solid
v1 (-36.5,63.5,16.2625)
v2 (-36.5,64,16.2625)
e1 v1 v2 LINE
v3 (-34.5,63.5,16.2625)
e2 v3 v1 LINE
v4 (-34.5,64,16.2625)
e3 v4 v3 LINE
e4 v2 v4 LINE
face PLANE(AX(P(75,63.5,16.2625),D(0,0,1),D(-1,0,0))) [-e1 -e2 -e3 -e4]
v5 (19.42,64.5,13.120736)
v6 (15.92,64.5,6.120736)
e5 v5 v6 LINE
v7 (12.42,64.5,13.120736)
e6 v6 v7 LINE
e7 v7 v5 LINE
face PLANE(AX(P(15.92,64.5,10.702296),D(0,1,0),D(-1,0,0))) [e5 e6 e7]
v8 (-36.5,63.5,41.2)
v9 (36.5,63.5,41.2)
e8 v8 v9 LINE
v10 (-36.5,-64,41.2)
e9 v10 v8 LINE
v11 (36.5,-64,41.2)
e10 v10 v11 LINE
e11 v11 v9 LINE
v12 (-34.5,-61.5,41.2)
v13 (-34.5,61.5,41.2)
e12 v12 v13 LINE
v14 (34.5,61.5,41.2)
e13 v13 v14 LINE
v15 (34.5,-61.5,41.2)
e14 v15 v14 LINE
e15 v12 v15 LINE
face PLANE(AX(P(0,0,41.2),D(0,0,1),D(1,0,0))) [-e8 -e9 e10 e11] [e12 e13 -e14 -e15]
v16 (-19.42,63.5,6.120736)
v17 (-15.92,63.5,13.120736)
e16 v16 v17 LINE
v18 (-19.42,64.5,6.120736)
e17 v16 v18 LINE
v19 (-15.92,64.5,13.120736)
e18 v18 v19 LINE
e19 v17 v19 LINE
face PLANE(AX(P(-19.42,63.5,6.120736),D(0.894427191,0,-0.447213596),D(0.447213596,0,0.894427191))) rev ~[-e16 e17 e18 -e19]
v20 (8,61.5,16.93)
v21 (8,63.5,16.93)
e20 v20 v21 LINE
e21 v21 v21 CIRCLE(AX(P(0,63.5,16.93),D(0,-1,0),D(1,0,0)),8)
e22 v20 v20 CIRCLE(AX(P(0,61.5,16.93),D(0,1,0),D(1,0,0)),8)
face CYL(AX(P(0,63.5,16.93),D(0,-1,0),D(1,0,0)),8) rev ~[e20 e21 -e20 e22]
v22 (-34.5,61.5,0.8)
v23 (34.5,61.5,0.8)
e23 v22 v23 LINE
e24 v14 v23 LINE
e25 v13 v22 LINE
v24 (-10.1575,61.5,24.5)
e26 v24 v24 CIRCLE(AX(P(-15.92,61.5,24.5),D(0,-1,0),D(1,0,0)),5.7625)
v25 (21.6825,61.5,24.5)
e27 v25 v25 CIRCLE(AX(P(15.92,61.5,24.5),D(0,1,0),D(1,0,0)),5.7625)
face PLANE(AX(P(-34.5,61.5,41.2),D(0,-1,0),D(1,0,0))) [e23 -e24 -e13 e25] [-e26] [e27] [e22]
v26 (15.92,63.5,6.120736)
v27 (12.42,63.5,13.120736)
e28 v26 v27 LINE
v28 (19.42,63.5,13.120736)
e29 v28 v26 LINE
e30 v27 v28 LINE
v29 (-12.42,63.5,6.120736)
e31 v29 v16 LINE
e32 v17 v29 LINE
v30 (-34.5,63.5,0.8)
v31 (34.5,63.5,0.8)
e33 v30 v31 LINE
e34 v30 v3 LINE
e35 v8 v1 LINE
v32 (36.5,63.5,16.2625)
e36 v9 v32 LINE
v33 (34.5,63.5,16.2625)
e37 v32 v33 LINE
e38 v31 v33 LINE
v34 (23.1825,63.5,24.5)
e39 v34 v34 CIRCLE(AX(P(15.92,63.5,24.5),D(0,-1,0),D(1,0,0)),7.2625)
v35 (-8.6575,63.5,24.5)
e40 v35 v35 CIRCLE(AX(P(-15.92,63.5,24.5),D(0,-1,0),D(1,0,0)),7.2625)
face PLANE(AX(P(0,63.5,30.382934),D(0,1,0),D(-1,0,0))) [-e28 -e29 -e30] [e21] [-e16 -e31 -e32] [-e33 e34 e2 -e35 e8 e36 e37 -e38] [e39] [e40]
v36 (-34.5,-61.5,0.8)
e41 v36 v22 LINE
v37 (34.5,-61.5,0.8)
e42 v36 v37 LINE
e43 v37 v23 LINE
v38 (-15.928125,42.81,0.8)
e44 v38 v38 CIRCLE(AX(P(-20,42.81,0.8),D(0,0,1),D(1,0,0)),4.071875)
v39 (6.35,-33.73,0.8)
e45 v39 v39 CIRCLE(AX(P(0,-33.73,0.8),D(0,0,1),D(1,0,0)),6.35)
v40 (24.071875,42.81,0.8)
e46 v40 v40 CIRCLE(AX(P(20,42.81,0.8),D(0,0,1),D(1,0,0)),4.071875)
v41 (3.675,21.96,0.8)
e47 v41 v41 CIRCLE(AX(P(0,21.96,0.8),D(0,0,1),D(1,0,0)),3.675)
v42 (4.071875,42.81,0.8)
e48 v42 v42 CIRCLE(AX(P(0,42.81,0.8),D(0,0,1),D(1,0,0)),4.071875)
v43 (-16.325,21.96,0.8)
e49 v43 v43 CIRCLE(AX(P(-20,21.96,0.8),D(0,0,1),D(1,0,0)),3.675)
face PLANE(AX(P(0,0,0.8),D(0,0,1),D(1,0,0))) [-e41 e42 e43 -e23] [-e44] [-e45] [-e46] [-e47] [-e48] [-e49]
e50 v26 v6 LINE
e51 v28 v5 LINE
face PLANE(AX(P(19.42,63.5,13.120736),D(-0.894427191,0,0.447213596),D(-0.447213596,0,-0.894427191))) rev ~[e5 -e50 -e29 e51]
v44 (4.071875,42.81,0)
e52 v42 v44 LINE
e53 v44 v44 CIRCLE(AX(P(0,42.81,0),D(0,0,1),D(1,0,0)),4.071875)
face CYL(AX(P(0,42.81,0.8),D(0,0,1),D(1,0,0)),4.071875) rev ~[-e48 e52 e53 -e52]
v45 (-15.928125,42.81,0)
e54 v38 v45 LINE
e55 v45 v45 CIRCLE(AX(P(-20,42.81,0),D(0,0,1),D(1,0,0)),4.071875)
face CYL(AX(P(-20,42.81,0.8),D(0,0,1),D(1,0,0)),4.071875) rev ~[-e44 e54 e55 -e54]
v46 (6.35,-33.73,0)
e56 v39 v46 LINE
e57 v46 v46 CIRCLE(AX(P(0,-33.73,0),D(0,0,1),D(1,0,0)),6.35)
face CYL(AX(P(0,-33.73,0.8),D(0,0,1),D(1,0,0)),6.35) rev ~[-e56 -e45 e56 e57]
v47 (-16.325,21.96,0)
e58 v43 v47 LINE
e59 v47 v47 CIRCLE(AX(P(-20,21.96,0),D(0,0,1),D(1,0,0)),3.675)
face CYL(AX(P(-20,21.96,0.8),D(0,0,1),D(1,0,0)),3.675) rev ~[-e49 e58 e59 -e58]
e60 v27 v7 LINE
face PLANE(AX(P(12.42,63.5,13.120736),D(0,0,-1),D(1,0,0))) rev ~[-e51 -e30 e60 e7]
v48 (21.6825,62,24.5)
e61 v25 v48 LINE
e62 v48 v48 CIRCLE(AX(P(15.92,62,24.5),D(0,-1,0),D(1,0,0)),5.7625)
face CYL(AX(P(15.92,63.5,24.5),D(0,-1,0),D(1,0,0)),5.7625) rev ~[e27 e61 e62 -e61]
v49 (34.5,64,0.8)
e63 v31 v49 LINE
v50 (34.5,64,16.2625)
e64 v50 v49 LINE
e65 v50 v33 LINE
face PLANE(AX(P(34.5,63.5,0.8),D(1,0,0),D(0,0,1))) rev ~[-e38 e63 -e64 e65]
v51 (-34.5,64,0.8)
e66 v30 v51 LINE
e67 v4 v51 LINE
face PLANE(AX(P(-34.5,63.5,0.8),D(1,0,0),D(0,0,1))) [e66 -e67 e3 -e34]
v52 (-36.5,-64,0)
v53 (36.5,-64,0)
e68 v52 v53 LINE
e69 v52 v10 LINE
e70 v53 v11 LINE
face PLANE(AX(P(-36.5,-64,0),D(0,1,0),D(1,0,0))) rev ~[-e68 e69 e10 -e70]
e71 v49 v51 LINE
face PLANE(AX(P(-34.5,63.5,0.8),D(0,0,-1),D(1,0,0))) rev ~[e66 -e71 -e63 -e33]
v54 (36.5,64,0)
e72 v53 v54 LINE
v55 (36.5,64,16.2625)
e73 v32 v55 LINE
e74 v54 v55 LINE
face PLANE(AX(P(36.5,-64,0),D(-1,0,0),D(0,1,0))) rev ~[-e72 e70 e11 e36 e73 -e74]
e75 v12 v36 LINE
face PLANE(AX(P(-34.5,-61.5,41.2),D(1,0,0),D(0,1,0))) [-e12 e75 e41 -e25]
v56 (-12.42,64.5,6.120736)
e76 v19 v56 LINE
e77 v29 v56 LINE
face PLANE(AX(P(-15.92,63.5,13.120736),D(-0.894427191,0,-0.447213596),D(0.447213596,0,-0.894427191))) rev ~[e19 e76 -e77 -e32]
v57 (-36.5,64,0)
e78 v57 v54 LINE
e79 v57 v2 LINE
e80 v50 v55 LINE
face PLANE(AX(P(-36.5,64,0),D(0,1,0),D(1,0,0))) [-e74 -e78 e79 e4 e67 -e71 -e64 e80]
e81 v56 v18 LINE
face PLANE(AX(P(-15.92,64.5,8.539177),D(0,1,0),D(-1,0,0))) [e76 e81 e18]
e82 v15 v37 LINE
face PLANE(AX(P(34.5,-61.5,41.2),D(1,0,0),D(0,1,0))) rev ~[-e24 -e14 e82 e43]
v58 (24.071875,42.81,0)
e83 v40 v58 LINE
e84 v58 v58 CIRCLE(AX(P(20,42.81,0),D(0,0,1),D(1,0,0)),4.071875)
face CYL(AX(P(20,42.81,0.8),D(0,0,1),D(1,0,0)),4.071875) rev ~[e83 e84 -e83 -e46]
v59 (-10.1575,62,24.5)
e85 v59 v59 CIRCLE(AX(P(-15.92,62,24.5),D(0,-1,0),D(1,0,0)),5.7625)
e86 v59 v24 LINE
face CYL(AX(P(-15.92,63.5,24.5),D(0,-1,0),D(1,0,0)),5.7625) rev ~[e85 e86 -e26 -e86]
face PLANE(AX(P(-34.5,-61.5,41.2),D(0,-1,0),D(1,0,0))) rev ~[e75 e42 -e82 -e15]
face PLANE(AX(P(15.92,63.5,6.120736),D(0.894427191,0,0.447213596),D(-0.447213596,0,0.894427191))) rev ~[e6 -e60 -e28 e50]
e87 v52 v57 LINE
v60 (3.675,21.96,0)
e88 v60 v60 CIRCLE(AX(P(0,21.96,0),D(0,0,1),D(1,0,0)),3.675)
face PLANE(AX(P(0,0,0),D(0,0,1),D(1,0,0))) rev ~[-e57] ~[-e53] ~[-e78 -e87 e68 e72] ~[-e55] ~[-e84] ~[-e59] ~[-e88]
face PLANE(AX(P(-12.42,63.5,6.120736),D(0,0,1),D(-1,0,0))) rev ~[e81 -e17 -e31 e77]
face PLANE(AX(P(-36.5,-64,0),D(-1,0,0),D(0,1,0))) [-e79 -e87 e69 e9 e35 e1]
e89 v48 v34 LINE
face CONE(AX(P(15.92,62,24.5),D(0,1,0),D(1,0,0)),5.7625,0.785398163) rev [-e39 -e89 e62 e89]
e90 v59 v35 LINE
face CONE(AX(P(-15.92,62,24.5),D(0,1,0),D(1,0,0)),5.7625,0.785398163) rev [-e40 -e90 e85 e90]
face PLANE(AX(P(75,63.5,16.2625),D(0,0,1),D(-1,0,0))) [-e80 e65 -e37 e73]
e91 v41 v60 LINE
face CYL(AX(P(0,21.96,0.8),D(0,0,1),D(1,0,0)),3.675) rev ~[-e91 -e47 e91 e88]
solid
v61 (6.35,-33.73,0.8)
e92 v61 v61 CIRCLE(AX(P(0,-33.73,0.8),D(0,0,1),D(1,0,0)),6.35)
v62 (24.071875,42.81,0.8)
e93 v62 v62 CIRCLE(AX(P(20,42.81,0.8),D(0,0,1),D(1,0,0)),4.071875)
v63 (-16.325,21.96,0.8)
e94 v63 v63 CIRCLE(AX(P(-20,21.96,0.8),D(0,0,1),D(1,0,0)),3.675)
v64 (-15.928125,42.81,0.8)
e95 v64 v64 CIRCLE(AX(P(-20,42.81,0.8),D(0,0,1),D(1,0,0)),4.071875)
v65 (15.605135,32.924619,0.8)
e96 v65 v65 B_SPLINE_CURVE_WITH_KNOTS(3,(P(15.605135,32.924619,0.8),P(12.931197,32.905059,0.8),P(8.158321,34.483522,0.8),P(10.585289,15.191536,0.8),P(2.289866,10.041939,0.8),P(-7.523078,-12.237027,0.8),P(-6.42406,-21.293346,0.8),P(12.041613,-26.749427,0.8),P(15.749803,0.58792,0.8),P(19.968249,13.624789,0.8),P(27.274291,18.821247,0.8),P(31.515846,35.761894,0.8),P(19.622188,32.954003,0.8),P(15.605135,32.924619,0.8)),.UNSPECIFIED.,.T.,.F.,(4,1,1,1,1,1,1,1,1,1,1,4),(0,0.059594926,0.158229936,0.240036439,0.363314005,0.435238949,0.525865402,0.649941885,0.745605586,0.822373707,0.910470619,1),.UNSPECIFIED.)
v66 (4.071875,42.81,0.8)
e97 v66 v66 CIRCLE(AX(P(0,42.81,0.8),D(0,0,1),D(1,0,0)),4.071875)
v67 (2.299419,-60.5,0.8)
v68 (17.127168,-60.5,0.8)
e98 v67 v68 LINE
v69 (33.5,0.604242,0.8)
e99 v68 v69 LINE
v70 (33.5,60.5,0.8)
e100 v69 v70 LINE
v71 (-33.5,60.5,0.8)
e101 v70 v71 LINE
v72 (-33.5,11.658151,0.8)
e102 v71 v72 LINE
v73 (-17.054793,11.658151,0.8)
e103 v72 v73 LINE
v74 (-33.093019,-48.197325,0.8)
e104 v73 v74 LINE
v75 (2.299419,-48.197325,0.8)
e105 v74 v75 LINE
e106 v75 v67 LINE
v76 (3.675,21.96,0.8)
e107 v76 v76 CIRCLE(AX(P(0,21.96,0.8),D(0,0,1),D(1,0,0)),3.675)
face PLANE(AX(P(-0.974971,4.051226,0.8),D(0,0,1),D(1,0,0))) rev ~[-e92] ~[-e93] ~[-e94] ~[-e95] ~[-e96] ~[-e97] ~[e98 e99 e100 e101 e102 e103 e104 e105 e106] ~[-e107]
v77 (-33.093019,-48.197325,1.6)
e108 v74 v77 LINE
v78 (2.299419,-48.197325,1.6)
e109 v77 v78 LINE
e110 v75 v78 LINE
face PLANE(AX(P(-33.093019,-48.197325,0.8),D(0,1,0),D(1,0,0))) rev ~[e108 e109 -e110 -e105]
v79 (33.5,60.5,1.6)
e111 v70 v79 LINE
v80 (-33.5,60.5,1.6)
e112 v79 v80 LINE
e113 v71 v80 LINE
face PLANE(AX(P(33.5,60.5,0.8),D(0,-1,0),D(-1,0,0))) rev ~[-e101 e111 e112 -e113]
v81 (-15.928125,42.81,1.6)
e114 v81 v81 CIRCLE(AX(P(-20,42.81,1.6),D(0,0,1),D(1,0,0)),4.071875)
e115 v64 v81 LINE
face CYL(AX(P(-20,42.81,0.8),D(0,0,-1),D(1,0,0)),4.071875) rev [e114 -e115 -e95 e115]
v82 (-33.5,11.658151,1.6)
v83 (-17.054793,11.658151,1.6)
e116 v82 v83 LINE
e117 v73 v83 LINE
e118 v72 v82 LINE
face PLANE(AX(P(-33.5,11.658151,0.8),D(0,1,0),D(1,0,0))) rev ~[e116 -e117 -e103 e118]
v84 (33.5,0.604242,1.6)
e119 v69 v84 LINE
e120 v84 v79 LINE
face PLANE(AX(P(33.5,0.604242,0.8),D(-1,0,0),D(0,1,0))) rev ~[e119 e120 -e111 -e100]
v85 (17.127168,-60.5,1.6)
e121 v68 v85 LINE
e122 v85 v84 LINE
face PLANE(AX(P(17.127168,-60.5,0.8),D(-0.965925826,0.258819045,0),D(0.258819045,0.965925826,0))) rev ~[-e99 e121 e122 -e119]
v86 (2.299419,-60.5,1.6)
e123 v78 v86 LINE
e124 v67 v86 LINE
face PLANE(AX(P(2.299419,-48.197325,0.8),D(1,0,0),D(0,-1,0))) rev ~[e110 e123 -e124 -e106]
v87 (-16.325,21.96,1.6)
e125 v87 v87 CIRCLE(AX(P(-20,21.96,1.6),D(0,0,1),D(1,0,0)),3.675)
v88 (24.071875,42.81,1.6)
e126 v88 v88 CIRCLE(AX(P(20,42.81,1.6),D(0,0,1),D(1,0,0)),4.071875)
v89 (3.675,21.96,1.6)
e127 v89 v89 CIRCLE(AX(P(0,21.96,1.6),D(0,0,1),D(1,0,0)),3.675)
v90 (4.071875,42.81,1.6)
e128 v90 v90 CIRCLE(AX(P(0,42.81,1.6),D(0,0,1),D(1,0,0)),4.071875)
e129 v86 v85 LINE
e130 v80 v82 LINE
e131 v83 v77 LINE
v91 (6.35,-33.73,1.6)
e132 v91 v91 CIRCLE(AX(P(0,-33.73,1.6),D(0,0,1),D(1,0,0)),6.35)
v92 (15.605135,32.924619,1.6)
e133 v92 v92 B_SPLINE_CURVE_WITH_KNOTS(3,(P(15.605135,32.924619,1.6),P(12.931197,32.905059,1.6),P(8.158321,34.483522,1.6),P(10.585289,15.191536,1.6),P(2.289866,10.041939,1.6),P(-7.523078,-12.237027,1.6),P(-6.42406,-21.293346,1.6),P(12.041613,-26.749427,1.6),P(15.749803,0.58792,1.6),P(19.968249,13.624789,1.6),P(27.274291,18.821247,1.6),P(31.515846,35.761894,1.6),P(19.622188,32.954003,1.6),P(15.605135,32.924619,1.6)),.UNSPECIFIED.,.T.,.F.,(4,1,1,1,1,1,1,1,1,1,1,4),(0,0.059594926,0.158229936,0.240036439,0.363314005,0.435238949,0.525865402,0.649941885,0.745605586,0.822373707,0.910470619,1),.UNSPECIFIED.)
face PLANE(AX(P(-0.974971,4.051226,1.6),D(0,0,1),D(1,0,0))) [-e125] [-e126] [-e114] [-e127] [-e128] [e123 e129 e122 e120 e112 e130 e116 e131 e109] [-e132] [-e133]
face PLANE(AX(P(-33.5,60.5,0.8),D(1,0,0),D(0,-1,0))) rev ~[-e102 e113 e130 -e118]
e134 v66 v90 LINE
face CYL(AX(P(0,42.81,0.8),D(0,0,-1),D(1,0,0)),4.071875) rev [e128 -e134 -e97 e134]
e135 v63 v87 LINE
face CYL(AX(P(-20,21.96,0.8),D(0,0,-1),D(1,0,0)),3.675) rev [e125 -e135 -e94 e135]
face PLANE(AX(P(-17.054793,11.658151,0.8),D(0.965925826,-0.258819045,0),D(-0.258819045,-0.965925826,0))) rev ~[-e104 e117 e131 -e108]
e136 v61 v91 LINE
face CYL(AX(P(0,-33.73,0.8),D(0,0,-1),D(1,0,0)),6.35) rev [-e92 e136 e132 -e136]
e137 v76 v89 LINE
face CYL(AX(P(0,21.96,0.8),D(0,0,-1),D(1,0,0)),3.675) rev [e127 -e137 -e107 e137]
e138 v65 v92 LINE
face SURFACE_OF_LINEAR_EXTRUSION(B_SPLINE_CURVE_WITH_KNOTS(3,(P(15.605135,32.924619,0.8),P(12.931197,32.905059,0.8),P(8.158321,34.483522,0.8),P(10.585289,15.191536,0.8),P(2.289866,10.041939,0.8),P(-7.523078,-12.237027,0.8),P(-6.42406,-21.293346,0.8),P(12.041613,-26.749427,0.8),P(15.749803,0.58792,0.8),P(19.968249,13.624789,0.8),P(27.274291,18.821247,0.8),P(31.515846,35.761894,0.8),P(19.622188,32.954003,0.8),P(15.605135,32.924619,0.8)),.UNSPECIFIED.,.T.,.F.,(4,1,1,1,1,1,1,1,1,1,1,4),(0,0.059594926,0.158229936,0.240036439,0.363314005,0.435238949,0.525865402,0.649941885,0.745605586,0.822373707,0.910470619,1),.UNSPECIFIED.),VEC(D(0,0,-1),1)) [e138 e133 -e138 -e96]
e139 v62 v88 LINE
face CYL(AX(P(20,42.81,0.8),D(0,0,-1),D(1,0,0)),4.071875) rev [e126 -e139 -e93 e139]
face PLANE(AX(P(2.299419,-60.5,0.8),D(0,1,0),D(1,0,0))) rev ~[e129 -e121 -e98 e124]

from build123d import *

# Parameters (mm, degrees)
F0_W          = 73
F0_H          = 128
F1_DEPTH      = 41.2
F5_W          = 69
F5_H          = 123
F6_DEPTH      = 40.4
F6_DEPTH_BACK = 25
F7_R          = 4.071875
F7_R_2        = 6.35
F7_R_3        = 3.675
F8_DEPTH      = 25
F10_R         = 8
F10_R_2       = 5.7625
F11_DEPTH     = 15
F12_W         = 69
F12_H         = 42.2
F13_DEPTH     = 25
F14_W         = 150
F14_H         = 28.2408671558
F15_DEPTH     = 15
F16_SIZE      = 1.5
F18_DEPTH     = 1
F19_R         = 6.35
F19_R_2       = 3.675
F19_R_3       = 4.071875
F20_DEPTH     = 0.8
F22_W         = 123.770698905
F22_H         = 146.9892412424
F23_DEPTH     = 25


with BuildPart() as f1:
    # F0 (on Top) → F1 (new body)
    with BuildSketch(Plane.XY):
        Rectangle(F0_W, F0_H)
    extrude(amount=F1_DEPTH)

    # F5 (on offset) → F6 (cut, two sides)
    with BuildSketch(Plane.XY.offset(41.2)) as f6_sk:
        Rectangle(F5_W, F5_H)
    extrude(amount=-F6_DEPTH, mode=Mode.SUBTRACT)
    extrude(f6_sk.sketch, amount=F6_DEPTH_BACK, mode=Mode.SUBTRACT)

    # F7 (on face) → F8 (cut)
    with BuildSketch(Plane.XY.offset(0.8)):
        with Locations((-20, 42.81)):
            Circle(F7_R)
        with Locations((0, 42.81)):
            Circle(F7_R)
        with Locations((20, 42.81)):
            Circle(F7_R)
        with Locations((0, -33.73)):
            Circle(F7_R_2)
        with Locations((0, 21.96)):
            Circle(F7_R_3)
        with Locations((-20, 21.96)):
            Circle(F7_R_3)
    extrude(amount=-F8_DEPTH, mode=Mode.SUBTRACT)

    # F10 (on offset) → F11 (cut, symmetric)
    with BuildSketch(Plane.XZ.offset(-63.5)):
        with Locations((0, 16.93)):
            Circle(F10_R)
        with Locations((15.92, 24.5)):
            Circle(F10_R_2)
        with Locations((-15.92, 24.5)):
            Circle(F10_R_2)
    extrude(amount=F11_DEPTH, both=True, mode=Mode.SUBTRACT)

    # F12 (on offset) → F13 (cut)
    with BuildSketch(Plane.XZ.offset(-63.5)):
        with Locations((0, 21.9)):
            Rectangle(F12_W, F12_H)
    extrude(amount=-F13_DEPTH, mode=Mode.SUBTRACT)

    # F14 (on face) → F15 (cut)
    with BuildSketch(Plane(origin=(0, 63.5, 0), x_dir=(-1, 0, 0), z_dir=(0, 1, 0))):
        with Locations((0, 30.3829335779)):
            Rectangle(F14_W, F14_H)
    extrude(amount=F15_DEPTH, mode=Mode.SUBTRACT)

    # F16
    f16_edges = [f1.edges().sort_by_distance(p)[0] for p in [
        (-21.6825, 63.5, 24.5),
        (10.1575, 63.5, 24.5),
    ]]
    chamfer(f16_edges, length=F16_SIZE)

    # F17 (on face) → F18 (join)
    with BuildSketch(Plane(origin=(0, 63.5, 0), x_dir=(-1, 0, 0), z_dir=(0, 1, 0))):
        Polygon((-15.92, 13.1207361072), (-19.42, 13.1207361072), (-15.92, 6.1207361072), (-12.42, 13.1207361072), align=None)
        Polygon((19.42, 6.1207361072), (15.92, 13.1207361072), (12.42, 6.1207361072), (15.92, 6.1207361072), align=None)
    extrude(amount=F18_DEPTH)

    # F22 (on offset) → F23 (cut)
    with BuildSketch(Plane.XY.offset(41.2)):
        Rectangle(F22_W, F22_H)
    extrude(amount=F23_DEPTH, mode=Mode.SUBTRACT)


with BuildPart() as f20:
    # F19 (on face) → F20 (new body)
    with BuildSketch(Plane.XY.offset(0.8)):
        Polygon((33.5, 60.5), (-33.5, 60.5), (-33.5, 11.6581510395), (-17.0547928976, 11.6581510395), (-33.0930194505, -48.1973253191), (2.2994191386, -48.1973253191), (2.2994191386, -60.5), (17.1271677811, -60.5), (33.5, 0.6042417049), align=None)
        with Locations((0, -33.73)):
            Circle(F19_R, mode=Mode.SUBTRACT)
        with Locations((-20, 21.96)):
            Circle(F19_R_2, mode=Mode.SUBTRACT)
        with Locations((-20, 42.81)):
            Circle(F19_R_3, mode=Mode.SUBTRACT)
        with BuildLine():
            add(Edge.make_bspline(
                [(15.6051348895, 32.924618572), (12.9311973769, 32.9050587052), (8.1583206922, 34.4835221549), (10.5852890567, 15.1915361969), (2.2898659208, 10.0419387571), (-7.5230777911, -12.2370271299), (-6.4240600023, -21.293346284), (12.0416133573, -26.7494270075), (15.7498028651, 0.5879200412), (19.9682486356, 13.6247891199), (27.2742905516, 18.8212467612), (31.515846332, 35.761894196), (19.6221877874, 32.9540033349), (15.6051348895, 32.924618572)],
                knots=[0, 0, 0, 0, 0.0595949261, 0.1582299364, 0.240036439, 0.3633140055, 0.435238949, 0.5258654022, 0.6499418852, 0.7456055856, 0.8223737071, 0.9104706188, 1, 1, 1, 1], degree=3))
        make_face(mode=Mode.SUBTRACT)
        with Locations((0, 21.96)):
            Circle(F19_R_2, mode=Mode.SUBTRACT)
        with Locations((0, 42.81)):
            Circle(F19_R_3, mode=Mode.SUBTRACT)
        with Locations((20, 42.81)):
            Circle(F19_R_3, mode=Mode.SUBTRACT)
    extrude(amount=F20_DEPTH)


solid = Compound([f1.part, f20.part])
